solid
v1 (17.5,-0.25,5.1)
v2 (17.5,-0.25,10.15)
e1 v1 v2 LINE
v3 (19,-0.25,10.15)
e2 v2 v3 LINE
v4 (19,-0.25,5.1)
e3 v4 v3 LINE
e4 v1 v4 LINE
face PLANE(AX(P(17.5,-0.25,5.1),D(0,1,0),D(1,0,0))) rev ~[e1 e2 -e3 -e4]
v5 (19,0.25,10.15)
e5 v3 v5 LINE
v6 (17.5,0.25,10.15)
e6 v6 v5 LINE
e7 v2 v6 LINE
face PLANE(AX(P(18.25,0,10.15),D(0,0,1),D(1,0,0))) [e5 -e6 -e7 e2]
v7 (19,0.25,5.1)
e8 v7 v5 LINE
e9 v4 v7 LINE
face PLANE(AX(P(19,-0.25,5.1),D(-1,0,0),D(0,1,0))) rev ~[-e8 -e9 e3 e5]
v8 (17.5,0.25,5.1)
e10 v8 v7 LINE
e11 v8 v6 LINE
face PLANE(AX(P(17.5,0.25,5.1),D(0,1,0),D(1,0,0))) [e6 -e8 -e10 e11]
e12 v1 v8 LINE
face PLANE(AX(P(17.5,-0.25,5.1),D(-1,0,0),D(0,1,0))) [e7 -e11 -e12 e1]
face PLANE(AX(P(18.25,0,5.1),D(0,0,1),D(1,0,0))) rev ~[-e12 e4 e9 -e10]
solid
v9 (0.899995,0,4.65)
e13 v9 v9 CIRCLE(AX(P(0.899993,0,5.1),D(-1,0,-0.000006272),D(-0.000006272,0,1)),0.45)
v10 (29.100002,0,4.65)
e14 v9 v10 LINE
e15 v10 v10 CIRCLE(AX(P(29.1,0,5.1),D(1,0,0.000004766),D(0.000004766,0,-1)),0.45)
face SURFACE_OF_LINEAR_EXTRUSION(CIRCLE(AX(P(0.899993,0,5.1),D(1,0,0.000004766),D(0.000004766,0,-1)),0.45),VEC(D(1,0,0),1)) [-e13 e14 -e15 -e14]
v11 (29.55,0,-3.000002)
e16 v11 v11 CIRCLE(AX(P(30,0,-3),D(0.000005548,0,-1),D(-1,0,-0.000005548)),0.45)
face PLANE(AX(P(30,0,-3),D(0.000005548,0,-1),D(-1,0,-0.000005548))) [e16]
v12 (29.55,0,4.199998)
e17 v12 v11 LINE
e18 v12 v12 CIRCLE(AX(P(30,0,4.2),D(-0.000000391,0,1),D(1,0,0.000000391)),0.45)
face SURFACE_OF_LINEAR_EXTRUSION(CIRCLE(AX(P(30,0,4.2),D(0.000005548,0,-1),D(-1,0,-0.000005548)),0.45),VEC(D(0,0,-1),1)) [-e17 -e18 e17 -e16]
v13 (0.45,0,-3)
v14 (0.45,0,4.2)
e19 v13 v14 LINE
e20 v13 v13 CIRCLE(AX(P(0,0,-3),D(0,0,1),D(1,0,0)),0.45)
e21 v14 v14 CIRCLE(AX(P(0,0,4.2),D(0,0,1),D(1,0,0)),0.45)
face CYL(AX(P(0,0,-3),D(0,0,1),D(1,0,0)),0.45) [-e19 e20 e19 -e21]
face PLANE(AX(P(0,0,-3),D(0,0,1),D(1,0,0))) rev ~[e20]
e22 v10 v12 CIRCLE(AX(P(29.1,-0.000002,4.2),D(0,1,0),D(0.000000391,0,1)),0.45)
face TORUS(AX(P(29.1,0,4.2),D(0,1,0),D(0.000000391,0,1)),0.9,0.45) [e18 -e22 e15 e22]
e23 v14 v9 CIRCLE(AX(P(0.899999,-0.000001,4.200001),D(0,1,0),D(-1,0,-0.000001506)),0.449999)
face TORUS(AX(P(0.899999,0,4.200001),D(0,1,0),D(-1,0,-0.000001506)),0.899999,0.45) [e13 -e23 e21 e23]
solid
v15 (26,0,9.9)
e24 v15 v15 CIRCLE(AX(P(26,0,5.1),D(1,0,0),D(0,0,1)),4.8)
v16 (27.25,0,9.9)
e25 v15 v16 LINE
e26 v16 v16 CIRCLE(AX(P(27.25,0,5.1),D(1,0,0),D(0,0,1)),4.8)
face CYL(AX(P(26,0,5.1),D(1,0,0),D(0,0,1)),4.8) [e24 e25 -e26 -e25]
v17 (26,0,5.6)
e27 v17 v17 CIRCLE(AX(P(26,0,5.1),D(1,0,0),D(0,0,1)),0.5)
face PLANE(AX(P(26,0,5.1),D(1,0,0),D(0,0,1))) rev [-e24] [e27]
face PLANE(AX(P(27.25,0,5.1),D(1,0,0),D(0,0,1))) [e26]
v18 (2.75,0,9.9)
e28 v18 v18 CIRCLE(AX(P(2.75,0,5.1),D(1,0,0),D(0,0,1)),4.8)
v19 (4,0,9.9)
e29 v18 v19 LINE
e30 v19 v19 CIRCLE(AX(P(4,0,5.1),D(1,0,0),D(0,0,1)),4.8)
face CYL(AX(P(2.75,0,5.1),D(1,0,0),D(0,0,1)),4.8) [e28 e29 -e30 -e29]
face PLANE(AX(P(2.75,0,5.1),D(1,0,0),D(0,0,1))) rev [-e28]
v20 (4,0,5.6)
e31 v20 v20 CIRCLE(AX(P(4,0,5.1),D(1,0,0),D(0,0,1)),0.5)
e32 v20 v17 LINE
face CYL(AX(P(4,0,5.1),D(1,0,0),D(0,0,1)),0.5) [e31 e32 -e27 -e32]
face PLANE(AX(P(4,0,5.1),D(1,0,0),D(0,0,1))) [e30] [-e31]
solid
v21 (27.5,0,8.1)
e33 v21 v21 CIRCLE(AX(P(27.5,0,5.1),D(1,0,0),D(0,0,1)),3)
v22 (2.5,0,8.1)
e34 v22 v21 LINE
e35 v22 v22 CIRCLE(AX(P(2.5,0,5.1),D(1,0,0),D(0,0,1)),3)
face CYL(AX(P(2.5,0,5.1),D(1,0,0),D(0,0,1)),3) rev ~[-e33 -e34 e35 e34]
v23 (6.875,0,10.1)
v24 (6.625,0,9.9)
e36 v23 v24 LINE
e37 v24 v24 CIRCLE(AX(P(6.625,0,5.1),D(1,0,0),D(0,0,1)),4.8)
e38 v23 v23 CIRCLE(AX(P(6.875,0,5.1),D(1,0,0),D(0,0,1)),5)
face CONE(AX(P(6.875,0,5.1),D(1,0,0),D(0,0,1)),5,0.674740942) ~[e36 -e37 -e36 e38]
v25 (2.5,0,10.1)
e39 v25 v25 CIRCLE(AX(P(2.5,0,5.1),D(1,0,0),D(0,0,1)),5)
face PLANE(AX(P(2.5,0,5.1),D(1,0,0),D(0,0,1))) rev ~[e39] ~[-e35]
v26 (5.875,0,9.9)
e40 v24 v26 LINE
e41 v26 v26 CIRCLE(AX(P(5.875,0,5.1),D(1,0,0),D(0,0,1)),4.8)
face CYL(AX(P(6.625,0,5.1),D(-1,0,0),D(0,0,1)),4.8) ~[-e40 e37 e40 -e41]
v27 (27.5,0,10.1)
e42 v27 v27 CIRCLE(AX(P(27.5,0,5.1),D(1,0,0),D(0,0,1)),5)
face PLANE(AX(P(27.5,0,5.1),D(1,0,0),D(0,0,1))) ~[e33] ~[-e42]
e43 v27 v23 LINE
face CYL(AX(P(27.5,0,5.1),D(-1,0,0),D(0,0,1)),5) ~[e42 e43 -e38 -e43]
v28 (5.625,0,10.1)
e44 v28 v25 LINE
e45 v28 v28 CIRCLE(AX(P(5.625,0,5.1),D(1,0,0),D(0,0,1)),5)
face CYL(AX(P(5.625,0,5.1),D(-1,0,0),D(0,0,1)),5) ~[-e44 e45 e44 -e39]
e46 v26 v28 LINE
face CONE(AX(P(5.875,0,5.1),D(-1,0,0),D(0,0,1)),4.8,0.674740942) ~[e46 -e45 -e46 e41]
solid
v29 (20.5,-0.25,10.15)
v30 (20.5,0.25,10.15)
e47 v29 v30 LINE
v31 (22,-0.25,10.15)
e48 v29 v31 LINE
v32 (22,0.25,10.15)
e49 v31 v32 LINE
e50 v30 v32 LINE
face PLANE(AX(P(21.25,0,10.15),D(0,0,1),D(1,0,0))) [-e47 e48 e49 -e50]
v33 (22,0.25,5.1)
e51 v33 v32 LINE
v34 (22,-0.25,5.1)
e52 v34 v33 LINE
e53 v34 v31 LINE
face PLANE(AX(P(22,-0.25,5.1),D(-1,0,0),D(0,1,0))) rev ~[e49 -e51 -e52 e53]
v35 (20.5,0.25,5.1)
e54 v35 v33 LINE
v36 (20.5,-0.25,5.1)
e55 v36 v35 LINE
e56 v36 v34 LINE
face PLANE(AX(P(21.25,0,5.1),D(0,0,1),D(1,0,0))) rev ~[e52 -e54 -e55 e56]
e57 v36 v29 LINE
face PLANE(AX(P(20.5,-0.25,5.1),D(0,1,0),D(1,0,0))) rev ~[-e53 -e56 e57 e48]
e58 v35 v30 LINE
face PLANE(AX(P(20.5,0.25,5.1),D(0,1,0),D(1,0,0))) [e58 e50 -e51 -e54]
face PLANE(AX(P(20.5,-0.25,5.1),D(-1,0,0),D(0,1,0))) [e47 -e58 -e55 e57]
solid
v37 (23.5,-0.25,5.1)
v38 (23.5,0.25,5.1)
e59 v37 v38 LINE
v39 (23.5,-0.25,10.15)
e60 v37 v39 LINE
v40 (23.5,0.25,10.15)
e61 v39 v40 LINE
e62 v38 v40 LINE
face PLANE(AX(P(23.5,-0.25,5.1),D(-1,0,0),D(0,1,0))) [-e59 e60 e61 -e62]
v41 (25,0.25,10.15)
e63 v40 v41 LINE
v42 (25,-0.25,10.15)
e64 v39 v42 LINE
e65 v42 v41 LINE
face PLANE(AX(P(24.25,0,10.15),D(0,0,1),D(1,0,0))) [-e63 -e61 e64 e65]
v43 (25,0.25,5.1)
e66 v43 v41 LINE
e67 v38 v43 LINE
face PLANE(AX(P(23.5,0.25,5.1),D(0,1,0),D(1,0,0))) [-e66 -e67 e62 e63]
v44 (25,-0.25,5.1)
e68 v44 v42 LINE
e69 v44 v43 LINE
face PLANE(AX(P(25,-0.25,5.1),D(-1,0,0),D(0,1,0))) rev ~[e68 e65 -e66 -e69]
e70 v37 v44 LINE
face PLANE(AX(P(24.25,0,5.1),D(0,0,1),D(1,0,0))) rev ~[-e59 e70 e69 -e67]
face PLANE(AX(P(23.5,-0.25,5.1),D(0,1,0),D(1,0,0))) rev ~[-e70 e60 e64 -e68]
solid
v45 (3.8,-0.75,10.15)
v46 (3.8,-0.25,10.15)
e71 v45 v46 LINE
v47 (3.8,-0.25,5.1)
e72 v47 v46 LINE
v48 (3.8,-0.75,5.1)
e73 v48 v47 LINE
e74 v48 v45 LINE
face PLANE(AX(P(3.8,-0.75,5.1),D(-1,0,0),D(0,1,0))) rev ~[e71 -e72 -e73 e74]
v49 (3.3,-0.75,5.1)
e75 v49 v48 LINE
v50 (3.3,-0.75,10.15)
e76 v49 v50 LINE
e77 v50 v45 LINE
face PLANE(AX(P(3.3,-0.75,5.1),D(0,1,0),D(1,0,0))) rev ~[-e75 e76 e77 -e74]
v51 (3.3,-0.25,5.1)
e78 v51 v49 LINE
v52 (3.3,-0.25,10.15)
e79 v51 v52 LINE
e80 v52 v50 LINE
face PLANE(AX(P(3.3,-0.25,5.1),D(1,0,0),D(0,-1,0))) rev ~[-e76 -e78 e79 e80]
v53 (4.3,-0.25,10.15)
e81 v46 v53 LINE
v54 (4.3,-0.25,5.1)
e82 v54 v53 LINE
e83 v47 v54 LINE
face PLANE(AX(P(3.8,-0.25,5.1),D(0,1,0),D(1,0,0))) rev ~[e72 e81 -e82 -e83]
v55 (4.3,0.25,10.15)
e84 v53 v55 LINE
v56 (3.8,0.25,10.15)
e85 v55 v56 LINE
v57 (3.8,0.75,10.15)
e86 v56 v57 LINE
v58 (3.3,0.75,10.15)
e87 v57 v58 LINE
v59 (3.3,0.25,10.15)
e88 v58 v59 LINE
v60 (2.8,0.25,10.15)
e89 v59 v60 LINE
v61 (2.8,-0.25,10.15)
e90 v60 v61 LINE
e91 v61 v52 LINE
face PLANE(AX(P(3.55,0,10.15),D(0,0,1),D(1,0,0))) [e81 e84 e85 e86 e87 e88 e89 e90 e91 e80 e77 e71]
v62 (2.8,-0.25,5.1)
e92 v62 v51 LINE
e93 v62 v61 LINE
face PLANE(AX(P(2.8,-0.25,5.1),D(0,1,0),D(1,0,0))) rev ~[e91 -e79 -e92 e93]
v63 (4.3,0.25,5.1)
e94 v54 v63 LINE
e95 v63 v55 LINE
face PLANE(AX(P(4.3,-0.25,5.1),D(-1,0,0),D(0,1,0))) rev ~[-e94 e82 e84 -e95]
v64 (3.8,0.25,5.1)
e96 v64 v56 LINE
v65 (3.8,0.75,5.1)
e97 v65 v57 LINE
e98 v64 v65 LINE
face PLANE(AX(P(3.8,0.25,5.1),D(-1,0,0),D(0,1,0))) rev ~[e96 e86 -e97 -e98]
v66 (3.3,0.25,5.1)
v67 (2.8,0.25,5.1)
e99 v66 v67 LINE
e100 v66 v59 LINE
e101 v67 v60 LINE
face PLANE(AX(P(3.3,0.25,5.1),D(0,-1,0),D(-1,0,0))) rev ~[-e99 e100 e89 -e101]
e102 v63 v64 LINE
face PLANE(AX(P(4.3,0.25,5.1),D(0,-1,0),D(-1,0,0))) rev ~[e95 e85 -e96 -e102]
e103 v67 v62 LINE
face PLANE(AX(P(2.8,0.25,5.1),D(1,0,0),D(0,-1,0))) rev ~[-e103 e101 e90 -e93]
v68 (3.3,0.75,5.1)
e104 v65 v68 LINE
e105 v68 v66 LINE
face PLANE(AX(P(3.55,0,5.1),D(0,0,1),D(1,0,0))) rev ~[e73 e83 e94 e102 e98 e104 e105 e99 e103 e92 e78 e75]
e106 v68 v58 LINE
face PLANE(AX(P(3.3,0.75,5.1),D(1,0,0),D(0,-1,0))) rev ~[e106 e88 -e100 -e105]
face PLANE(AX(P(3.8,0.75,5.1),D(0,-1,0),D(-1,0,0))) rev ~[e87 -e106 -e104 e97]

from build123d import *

# Parameters (mm, degrees)
SKETCH_R    = 0.45
SKETCH004_W = 1.5
SKETCH004_H = 0.5
PAD_DEPTH   = 5.05


with BuildPart() as sweep_body:
    # Sweep: sweep along a path in Sketch001
    with BuildLine(Plane.XZ) as sweep_path:
        Line((0, -3), (0, 4.2))
        ThreePointArc((0, 4.2), (0.263601, 4.836394), (0.899993, 5.1))
        Line((0.899993, 5.1), (29.1, 5.1))
        ThreePointArc((29.1, 5.1), (29.736396, 4.836396), (30, 4.2))
        Line((30, 4.2), (30, -3))
    # Sketch → Sweep (sweep)
    with BuildSketch(Plane.XY.offset(-2)):
        Circle(SKETCH_R)
    sweep(path=sweep_path.line)


with BuildPart() as revolution:
    # Sketch002 → Revolution (revolve)
    with BuildSketch(Plane.XZ):
        Polygon((2.5, 10.1), (2.5, 8.1), (27.5, 8.1), (27.5, 10.1), (6.875, 10.1), (6.625, 9.9), (5.875, 9.9), (5.625, 10.1), align=None)
    revolve(axis=Axis((6.97588, 0, 5.1), (1, 0, 0)))


with BuildPart() as revolution001:
    # Sketch003 → Revolution001 (revolve)
    with BuildSketch(Plane.XZ):
        Polygon((2.75, 9.9), (4, 9.9), (4, 5.6), (26, 5.6), (26, 9.9), (27.25, 9.9), (27.25, 5.1), (2.75, 5.1), align=None)
    revolve(axis=Axis((6.97588, 0, 5.1), (1, 0, 0)))


with BuildPart() as pad:
    # Sketch004 → Pad (new body)
    with BuildSketch(Plane.XY.offset(5.1)):
        with Locations((24.25, 0)):
            Rectangle(SKETCH004_W, SKETCH004_H)
        with Locations((21.25, 0)):
            Rectangle(SKETCH004_W, SKETCH004_H)
        with Locations((18.25, 0)):
            Rectangle(SKETCH004_W, SKETCH004_H)
        Polygon((3.3, 0.25), (2.8, 0.25), (2.8, -0.25), (3.3, -0.25), (3.3, -0.75), (3.8, -0.75), (3.8, -0.25), (4.3, -0.25), (4.3, 0.25), (3.8, 0.25), (3.8, 0.75), (3.3, 0.75), align=None)
    extrude(amount=PAD_DEPTH)


solid = Compound([sweep_body.part, revolution.part, revolution001.part, pad.part])
